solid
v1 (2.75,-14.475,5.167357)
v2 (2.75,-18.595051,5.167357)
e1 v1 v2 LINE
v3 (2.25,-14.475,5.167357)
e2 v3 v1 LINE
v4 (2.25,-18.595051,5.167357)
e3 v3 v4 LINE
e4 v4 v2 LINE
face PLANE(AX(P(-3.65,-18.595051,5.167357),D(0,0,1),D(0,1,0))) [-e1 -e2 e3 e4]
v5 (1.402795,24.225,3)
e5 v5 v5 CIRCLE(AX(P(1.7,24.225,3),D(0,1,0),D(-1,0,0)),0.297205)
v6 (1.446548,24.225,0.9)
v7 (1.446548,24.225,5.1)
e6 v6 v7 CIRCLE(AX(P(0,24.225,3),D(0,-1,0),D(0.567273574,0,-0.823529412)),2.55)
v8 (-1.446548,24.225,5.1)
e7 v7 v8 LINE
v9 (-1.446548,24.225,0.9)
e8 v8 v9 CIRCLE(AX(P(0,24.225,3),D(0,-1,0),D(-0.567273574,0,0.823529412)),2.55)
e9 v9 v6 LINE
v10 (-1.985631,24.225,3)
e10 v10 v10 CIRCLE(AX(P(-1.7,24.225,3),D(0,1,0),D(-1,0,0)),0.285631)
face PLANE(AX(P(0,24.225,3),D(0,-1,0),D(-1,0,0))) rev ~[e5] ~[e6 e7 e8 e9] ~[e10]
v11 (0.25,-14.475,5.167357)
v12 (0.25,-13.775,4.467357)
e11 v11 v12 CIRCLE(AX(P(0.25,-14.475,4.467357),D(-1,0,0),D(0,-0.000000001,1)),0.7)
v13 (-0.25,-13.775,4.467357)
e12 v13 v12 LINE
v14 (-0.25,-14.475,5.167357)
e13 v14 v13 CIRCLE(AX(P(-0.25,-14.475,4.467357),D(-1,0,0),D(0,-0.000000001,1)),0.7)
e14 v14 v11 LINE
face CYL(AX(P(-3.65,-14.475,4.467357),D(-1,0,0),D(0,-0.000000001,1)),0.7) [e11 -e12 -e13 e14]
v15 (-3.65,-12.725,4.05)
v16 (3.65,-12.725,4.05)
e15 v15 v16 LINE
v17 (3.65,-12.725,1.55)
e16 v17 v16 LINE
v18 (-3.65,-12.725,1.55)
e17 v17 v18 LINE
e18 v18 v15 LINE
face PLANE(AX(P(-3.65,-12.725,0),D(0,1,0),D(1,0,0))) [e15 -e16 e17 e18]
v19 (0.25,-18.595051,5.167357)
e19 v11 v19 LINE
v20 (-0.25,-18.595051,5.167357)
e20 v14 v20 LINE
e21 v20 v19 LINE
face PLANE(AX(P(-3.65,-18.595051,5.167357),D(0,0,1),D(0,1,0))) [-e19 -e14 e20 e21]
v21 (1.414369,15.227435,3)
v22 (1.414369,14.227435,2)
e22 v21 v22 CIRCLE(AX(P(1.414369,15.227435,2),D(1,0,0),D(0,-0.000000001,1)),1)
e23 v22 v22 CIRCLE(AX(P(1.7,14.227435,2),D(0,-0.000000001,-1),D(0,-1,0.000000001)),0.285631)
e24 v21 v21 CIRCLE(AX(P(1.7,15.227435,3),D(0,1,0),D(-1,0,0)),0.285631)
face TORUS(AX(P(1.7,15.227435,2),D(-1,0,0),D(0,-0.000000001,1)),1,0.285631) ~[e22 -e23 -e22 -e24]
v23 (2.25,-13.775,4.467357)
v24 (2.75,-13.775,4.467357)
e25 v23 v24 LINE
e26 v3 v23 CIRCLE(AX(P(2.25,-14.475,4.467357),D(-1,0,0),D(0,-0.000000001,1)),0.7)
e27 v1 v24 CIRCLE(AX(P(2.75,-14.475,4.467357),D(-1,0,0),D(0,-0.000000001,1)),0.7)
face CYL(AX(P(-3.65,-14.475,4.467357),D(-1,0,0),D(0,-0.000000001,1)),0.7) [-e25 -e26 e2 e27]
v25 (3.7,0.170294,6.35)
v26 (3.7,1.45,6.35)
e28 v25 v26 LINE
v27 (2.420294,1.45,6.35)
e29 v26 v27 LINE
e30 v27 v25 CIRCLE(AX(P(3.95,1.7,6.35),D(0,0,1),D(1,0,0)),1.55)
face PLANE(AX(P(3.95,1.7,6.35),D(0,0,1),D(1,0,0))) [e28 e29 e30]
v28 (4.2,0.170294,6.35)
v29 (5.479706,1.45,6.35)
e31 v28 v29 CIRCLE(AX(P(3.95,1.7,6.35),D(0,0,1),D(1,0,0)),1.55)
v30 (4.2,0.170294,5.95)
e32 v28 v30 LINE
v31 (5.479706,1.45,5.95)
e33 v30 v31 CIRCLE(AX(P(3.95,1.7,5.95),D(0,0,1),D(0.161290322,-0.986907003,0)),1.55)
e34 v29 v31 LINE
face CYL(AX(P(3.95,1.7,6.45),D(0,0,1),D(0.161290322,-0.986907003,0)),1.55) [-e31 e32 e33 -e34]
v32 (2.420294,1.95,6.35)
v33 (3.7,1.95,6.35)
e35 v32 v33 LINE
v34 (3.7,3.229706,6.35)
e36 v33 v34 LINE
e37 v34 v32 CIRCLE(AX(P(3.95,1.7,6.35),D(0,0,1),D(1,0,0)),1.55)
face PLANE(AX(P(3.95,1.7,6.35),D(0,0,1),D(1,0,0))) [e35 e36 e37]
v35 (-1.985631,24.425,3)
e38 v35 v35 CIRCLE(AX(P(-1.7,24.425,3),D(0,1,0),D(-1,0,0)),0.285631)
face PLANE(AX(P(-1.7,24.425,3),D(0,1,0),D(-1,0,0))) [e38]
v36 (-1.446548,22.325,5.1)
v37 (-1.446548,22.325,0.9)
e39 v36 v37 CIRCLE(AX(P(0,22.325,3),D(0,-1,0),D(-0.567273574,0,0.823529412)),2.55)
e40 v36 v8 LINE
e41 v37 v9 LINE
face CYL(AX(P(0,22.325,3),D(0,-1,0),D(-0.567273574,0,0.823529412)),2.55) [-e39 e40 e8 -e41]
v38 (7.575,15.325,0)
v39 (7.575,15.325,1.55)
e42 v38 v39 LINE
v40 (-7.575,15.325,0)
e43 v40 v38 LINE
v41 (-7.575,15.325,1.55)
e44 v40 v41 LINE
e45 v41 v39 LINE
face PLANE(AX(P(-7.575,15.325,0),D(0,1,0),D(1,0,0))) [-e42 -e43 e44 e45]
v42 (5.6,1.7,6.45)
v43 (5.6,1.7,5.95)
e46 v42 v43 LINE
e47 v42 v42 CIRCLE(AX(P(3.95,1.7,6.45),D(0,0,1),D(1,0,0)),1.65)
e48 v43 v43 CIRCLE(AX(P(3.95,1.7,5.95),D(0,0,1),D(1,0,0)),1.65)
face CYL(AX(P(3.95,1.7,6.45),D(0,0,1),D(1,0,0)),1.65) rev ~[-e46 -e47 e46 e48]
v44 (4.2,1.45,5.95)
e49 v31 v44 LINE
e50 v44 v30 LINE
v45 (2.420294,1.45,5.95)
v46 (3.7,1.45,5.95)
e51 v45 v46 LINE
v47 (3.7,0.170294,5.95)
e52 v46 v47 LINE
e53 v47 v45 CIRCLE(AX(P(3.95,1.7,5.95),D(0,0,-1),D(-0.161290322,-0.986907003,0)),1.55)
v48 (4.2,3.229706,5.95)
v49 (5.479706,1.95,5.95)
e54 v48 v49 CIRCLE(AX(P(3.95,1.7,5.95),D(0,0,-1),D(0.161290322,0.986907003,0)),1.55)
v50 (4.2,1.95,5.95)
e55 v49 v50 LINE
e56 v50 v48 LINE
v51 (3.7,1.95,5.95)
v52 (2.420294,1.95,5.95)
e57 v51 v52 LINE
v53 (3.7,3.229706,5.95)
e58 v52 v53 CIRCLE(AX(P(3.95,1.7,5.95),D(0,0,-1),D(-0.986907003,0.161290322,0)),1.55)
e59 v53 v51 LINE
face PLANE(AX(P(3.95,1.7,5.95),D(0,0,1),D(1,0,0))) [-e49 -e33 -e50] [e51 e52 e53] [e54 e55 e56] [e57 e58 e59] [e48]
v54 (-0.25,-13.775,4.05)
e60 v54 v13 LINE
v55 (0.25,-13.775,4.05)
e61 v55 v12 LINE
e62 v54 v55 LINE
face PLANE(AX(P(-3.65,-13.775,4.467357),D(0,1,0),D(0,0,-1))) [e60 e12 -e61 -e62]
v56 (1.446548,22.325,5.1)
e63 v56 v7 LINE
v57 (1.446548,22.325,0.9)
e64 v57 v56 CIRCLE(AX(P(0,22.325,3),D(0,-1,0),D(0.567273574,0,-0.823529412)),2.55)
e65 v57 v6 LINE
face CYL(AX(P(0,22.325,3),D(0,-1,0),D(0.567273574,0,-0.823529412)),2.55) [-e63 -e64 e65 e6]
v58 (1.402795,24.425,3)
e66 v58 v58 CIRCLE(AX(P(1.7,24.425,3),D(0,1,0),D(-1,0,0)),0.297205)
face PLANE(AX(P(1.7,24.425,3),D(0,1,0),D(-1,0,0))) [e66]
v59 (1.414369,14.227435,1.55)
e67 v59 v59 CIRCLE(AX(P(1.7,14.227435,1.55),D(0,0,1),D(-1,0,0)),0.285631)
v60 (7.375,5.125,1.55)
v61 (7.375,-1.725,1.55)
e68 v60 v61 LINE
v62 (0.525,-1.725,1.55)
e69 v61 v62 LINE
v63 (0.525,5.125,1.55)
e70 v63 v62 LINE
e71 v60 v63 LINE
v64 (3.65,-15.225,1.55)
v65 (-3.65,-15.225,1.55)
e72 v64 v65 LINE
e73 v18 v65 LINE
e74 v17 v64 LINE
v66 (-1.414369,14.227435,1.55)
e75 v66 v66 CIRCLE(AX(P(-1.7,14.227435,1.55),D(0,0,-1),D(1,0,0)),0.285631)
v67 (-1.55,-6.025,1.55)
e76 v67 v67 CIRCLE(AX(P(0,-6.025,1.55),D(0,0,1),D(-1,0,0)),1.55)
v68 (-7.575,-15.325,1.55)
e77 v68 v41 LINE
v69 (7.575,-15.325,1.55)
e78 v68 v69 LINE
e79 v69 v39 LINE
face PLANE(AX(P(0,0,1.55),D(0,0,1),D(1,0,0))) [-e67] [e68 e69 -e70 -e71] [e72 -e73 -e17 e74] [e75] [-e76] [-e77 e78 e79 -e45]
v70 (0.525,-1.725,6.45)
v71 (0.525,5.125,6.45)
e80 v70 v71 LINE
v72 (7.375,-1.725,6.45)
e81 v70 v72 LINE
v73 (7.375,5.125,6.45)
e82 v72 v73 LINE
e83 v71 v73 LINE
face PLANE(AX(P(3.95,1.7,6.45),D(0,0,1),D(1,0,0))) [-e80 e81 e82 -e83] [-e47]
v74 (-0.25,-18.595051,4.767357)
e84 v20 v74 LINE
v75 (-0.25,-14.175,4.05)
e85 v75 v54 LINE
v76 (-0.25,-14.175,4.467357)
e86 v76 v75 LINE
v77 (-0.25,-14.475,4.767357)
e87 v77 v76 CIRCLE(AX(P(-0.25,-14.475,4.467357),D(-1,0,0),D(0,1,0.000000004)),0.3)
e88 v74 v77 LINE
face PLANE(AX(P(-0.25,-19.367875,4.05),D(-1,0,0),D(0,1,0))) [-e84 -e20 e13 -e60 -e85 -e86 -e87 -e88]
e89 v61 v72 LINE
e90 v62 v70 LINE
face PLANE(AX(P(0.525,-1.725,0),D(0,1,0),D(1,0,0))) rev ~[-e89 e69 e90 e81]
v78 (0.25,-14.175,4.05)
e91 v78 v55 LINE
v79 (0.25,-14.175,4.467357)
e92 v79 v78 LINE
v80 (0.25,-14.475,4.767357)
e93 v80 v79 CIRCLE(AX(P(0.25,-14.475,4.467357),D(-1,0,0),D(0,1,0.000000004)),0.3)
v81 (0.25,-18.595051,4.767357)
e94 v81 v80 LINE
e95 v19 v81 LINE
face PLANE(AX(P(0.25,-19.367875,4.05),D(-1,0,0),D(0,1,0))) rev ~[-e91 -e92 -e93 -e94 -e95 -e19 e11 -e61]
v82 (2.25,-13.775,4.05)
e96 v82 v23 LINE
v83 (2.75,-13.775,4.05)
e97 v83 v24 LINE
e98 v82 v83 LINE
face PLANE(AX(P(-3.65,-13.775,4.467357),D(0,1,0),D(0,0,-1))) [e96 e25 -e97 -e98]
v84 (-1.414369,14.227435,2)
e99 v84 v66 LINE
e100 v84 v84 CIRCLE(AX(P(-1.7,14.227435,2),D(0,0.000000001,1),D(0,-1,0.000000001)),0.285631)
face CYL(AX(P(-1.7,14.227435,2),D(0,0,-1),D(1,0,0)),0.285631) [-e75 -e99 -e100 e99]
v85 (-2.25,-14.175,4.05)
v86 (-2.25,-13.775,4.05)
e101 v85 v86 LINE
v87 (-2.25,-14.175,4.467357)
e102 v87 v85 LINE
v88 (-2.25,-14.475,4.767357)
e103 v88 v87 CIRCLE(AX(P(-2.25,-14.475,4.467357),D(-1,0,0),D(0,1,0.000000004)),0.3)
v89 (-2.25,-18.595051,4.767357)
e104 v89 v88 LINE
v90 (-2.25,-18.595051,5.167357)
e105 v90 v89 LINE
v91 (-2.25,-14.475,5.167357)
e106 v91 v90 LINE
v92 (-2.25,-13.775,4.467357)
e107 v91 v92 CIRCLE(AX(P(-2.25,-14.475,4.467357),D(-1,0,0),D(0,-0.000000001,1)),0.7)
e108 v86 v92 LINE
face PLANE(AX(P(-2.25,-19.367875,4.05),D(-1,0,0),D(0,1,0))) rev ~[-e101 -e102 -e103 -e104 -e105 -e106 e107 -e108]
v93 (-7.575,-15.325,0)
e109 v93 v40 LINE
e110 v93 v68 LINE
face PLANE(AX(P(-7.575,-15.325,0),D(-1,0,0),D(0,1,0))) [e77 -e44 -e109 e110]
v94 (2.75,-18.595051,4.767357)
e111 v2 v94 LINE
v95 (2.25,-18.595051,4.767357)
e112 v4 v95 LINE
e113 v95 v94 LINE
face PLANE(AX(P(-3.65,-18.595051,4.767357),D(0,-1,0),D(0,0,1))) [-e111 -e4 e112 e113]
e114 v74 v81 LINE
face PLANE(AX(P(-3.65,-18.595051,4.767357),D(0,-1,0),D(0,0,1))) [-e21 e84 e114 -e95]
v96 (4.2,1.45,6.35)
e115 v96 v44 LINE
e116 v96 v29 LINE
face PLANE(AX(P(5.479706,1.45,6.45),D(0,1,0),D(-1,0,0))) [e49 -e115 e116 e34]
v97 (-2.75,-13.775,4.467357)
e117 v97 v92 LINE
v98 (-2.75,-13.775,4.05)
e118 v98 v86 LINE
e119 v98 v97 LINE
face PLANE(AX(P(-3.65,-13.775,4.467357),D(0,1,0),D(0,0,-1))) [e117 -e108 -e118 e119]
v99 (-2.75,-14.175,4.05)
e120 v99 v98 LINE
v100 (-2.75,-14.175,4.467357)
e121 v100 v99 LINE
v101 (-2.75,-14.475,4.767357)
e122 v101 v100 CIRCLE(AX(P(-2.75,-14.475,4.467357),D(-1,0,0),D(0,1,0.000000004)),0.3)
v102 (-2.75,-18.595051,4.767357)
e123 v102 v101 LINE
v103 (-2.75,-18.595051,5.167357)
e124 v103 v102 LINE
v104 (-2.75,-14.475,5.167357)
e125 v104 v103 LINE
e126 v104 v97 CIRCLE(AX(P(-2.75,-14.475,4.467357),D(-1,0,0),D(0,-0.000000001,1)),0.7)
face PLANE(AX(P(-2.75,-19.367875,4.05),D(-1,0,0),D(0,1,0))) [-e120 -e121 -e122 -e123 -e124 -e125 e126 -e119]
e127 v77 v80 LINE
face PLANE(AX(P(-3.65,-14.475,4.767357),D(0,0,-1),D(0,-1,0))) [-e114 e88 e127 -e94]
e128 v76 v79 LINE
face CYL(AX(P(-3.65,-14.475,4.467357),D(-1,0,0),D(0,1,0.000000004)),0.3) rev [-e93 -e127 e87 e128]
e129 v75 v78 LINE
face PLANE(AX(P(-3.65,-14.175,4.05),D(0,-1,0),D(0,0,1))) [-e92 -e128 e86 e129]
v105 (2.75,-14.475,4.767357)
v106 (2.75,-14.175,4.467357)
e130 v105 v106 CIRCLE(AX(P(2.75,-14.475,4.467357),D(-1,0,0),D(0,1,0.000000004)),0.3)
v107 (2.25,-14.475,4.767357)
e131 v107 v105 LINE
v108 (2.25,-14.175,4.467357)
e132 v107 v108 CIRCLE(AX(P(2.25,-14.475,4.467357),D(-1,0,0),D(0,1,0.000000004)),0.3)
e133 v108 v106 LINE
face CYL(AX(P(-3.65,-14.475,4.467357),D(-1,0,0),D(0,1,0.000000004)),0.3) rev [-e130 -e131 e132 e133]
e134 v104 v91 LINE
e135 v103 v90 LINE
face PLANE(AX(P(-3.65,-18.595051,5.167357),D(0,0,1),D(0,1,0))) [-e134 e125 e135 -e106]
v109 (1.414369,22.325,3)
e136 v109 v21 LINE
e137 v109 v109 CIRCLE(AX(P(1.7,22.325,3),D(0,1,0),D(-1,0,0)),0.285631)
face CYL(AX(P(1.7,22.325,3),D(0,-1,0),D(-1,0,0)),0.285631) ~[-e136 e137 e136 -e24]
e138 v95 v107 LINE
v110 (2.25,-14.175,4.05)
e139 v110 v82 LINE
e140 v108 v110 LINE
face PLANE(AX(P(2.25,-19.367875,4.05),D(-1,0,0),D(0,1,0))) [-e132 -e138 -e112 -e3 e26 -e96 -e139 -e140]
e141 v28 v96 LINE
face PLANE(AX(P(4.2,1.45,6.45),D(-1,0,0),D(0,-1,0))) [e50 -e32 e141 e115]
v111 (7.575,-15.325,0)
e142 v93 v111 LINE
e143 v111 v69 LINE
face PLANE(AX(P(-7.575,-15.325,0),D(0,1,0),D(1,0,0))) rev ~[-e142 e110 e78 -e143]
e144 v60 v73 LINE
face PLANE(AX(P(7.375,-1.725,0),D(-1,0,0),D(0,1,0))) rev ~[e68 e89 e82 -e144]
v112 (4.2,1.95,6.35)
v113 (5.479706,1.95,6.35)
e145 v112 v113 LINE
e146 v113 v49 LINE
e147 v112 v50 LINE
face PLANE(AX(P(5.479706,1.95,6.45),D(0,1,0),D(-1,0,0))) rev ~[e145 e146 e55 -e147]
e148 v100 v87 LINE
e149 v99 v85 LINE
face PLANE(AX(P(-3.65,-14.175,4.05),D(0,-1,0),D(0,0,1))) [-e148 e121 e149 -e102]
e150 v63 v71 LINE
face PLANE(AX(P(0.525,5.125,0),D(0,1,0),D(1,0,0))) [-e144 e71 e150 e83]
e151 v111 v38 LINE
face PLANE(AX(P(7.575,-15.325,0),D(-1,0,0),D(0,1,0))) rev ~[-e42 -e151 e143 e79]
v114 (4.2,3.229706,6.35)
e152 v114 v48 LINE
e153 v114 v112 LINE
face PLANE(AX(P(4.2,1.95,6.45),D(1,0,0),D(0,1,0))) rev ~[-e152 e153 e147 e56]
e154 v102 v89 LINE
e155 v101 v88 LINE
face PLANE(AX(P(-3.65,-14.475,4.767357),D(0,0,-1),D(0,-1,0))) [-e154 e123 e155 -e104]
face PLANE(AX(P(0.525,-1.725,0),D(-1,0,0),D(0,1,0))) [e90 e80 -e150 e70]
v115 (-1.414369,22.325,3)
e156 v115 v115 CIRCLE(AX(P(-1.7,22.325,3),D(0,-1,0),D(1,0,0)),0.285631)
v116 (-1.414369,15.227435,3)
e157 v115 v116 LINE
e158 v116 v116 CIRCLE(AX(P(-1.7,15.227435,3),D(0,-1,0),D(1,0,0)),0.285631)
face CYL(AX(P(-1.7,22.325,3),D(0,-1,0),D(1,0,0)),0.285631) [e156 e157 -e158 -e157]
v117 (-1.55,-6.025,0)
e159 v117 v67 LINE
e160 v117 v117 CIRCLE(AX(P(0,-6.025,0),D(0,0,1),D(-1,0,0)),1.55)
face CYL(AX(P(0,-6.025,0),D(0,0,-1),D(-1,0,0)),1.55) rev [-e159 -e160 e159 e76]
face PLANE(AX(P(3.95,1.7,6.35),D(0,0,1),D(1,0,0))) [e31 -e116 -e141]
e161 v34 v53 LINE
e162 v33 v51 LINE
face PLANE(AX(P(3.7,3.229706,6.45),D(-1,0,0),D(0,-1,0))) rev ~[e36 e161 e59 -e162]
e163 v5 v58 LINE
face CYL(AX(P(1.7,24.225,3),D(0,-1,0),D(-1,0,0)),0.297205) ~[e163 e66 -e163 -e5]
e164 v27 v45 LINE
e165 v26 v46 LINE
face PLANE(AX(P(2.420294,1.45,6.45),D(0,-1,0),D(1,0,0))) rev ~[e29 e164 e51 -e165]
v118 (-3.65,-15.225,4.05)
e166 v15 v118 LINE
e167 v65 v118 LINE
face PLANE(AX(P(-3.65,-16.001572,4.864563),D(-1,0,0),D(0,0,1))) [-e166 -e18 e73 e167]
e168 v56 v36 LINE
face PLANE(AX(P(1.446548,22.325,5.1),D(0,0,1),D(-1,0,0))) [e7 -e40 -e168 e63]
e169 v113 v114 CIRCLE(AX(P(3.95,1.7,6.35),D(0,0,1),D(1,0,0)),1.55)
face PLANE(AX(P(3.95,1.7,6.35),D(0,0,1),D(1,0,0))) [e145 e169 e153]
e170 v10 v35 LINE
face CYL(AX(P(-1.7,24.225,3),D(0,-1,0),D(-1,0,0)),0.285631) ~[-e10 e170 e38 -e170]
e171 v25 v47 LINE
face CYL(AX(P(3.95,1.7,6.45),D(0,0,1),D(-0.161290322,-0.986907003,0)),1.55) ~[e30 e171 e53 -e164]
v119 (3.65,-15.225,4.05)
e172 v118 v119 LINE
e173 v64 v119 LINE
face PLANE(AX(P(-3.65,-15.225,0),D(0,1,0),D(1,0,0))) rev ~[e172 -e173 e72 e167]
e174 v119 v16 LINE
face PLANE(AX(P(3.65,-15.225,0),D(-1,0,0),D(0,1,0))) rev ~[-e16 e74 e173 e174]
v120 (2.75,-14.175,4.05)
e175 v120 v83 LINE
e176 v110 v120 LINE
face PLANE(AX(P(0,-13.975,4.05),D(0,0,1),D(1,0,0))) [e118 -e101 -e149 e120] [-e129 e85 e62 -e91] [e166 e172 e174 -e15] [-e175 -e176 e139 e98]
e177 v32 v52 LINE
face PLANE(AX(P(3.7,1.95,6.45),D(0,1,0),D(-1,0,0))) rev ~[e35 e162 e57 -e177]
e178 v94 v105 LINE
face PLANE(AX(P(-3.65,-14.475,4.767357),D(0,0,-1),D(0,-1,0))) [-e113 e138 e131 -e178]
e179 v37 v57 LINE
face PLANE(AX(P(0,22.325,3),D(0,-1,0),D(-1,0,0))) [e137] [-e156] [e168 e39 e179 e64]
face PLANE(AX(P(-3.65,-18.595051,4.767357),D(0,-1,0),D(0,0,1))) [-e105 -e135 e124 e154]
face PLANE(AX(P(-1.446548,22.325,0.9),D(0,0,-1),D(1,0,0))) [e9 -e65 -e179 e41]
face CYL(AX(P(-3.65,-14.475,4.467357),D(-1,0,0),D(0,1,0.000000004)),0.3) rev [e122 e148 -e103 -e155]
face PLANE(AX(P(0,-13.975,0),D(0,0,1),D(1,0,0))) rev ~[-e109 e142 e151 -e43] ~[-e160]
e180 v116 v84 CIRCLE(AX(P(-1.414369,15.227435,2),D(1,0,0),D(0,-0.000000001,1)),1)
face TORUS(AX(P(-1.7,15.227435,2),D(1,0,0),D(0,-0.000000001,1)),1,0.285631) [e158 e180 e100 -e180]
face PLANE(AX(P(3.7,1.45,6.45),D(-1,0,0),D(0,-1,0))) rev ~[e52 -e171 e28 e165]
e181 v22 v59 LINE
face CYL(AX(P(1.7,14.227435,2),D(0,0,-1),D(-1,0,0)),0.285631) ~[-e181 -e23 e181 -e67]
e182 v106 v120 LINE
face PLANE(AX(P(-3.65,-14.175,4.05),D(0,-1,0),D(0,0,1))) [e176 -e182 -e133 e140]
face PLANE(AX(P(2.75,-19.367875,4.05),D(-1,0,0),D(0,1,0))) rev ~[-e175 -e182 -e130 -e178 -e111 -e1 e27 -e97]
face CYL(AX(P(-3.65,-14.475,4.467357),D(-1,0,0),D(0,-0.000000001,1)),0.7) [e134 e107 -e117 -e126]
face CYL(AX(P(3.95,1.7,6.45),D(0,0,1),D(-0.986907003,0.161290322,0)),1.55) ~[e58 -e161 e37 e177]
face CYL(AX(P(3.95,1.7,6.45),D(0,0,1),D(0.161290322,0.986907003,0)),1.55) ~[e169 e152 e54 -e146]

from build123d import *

# Parameters (mm, degrees)
ESBO_O1_W                = 15.15
ESBO_O1_H                = 30.65
ESBO_O1_R                = 1.55
RESSALTO_EXTRUS_O1_DEPTH = 1.55
ESBO_O2_W                = 6.85
ESBO_O2_H                = 6.85
RESSALTO_EXTRUS_O2_DEPTH = 6.45
ESBO_O3_R                = 1.65
CORTE_EXTRUS_O1_DEPTH    = 0.5
ESBO_O4_W                = 7.3
ESBO_O4_H                = 2.5
RESSALTO_EXTRUS_O3_DEPTH = 4.05
RESSALTO_EXTRUS_O5_DEPTH = 7.398508
ESBO_O12_W               = 1.34798559
ESBO_O12_H               = 5.991047065
ESBO_O12_W_2             = 0.998507844
ESBO_O12_W_3             = 2
CORTE_EXTRUS_O2_DEPTH    = 10
ESBO_O9_R                = 1.55
CORTE_EXTRUS_O3_DEPTH    = 0.1
RESSALTO_EXTRUS_O6_DEPTH = 1.9
ESBO_O18_R               = 0.297205441
ESBO_O18_R_2             = 0.285630525
RESSALTO_EXTRUS_O7_DEPTH = 0.2
ESBO_O25_R               = 0.285630525


with BuildPart() as part:
    # Esboço1 → Ressalto-extrusão1 (new body)
    with BuildSketch(Plane.XY):
        Rectangle(ESBO_O1_W, ESBO_O1_H)
        with Locations(Location((0, -6.025, 0), (0, 0, 180))):
            Circle(ESBO_O1_R, mode=Mode.SUBTRACT)
    extrude(amount=RESSALTO_EXTRUS_O1_DEPTH)

    # Esboço2 → Ressalto-extrusão2 (add)
    with BuildSketch(Plane.XY):
        with Locations((3.95, 1.7)):
            Rectangle(ESBO_O2_W, ESBO_O2_H)
    extrude(amount=RESSALTO_EXTRUS_O2_DEPTH)

    # Esboço3 → Corte-extrusão1 (cut)
    with BuildSketch(Plane.XY.offset(6.45)):
        with Locations((3.95, 1.7)):
            Circle(ESBO_O3_R)
        with BuildLine():
            Line((3.7, 1.95), (2.420294146, 1.95))
            ThreePointArc((2.420294146, 1.95), (2.853984489, 2.796015511), (3.7, 3.229705854))
            Line((3.7, 3.229705854), (3.7, 1.95))
        make_face(mode=Mode.SUBTRACT)
        with BuildLine():
            Line((5.479705854, 1.45), (4.2, 1.45))
            Line((4.2, 1.45), (4.2, 0.170294146))
            ThreePointArc((4.2, 0.170294146), (5.046015511, 0.603984489), (5.479705854, 1.45))
        make_face(mode=Mode.SUBTRACT)
        with BuildLine():
            Line((5.479705854, 1.95), (4.2, 1.95))
            Line((4.2, 1.95), (4.2, 3.229705854))
            ThreePointArc((4.2, 3.229705854), (5.046015511, 2.796015511), (5.479705854, 1.95))
        make_face(mode=Mode.SUBTRACT)
        with BuildLine():
            Line((3.7, 1.45), (3.7, 0.170294146))
            ThreePointArc((3.7, 0.170294146), (2.853984489, 0.603984489), (2.420294146, 1.45))
            Line((2.420294146, 1.45), (3.7, 1.45))
        make_face(mode=Mode.SUBTRACT)
    extrude(amount=-CORTE_EXTRUS_O1_DEPTH, mode=Mode.SUBTRACT)

    # Esboço4 → Ressalto-extrusão3 (add)
    with BuildSketch(Plane.XY):
        with Locations((0, -13.975)):
            Rectangle(ESBO_O4_W, ESBO_O4_H)
    extrude(amount=RESSALTO_EXTRUS_O3_DEPTH)

    # Esboço11 → Ressalto-extrusão5 (add)
    with BuildSketch(Plane.ZY.offset(3.65)):
        with BuildLine():
            Line((4.05, -14.175), (4.467357012, -14.175))
            ThreePointArc((4.467357012, -14.175), (4.679489046, -14.262867966), (4.767357012, -14.475))
            Line((4.767357012, -14.475), (4.767357012, -18.595051461))
            Line((4.767357012, -18.595051461), (5.167357012, -18.595051461))
            Line((5.167357012, -18.595051461), (5.167357012, -14.475))
            ThreePointArc((5.167357012, -14.475), (4.962331759, -13.980025253), (4.467357012, -13.775))
            Line((4.467357012, -13.775), (4.05, -13.775))
            Line((4.05, -13.775), (4.05, -14.175))
        make_face()
    extrude(amount=-RESSALTO_EXTRUS_O5_DEPTH)

    # Esboço12 → Corte-extrusão2 (cut)
    with BuildSketch(Plane.XY.offset(4.05)):
        with Locations((-3.423992795, -16.372351479)):
            Rectangle(ESBO_O12_W, ESBO_O12_H)
        with Locations((3.249253922, -16.372351479)):
            Rectangle(ESBO_O12_W_2, ESBO_O12_H)
        with Locations((-1.25, -16.372351479)):
            Rectangle(ESBO_O12_W_3, ESBO_O12_H)
        with Locations((1.25, -16.372351479)):
            Rectangle(ESBO_O12_W_3, ESBO_O12_H)
    extrude(amount=CORTE_EXTRUS_O2_DEPTH, mode=Mode.SUBTRACT)

    # Esboço9 → Corte-extrusão3 (cut)
    with BuildSketch(Plane.XY.offset(6.45)):
        with Locations((3.95, 1.7)):
            Circle(ESBO_O9_R)
    extrude(amount=-CORTE_EXTRUS_O3_DEPTH, mode=Mode.SUBTRACT)



with BuildPart() as body_2:
    # Esboço17 → Ressalto-extrusão6 (new body)
    with BuildSketch(Plane(origin=(0, 22.325, 0), x_dir=(1, 0, 0), z_dir=(0, 1, 0))):
        with BuildLine():
            Line((-1.446547614, -0.9), (1.446547614, -0.9))
            ThreePointArc((1.446547614, -0.9), (2.55, -3), (1.446547614, -5.1))
            Line((1.446547614, -5.1), (-1.446547614, -5.1))
            ThreePointArc((-1.446547614, -5.1), (-2.55, -3), (-1.446547614, -0.9))
        make_face()
    extrude(amount=RESSALTO_EXTRUS_O6_DEPTH)

    # Esboço18 → Ressalto-extrusão7 (add)
    with BuildSketch(Plane(origin=(0, 24.225, 0), x_dir=(1, 0, 0), z_dir=(0, 1, 0))):
        with Locations(Location((1.7, -3, 0), (0, 0, 180))):
            Circle(ESBO_O18_R)
        with Locations(Location((-1.7, -3, 0), (0, 0, 180))):
            Circle(ESBO_O18_R_2)
    extrude(amount=RESSALTO_EXTRUS_O7_DEPTH)


with BuildPart() as part_1:
    add(part.part)

    add(body_2.part)  # Varredura5 merges body 2
    # Varredura5: sweep along a path in Esboço19
    with BuildLine(Plane.ZY.offset(1.7)) as varredura5_path:
        Line((3, 22.325), (3, 15.227434518))
        ThreePointArc((3, 15.227434518), (2.707106781, 14.520327737), (2, 14.227434518))
        Line((2, 14.227434518), (1.55, 14.227434518))
    # Esboço25 → Varredura5 (sweep)
    with BuildSketch(Plane.XZ.offset(-22.325)):
        with Locations((-1.7, 3)):
            Circle(ESBO_O25_R)
    varredura5 = sweep(path=varredura5_path.line)

    # Espelhar1: Varredura5 across plane
    add(varredura5.mirror(Plane.ZY))


solid = part_1.part
